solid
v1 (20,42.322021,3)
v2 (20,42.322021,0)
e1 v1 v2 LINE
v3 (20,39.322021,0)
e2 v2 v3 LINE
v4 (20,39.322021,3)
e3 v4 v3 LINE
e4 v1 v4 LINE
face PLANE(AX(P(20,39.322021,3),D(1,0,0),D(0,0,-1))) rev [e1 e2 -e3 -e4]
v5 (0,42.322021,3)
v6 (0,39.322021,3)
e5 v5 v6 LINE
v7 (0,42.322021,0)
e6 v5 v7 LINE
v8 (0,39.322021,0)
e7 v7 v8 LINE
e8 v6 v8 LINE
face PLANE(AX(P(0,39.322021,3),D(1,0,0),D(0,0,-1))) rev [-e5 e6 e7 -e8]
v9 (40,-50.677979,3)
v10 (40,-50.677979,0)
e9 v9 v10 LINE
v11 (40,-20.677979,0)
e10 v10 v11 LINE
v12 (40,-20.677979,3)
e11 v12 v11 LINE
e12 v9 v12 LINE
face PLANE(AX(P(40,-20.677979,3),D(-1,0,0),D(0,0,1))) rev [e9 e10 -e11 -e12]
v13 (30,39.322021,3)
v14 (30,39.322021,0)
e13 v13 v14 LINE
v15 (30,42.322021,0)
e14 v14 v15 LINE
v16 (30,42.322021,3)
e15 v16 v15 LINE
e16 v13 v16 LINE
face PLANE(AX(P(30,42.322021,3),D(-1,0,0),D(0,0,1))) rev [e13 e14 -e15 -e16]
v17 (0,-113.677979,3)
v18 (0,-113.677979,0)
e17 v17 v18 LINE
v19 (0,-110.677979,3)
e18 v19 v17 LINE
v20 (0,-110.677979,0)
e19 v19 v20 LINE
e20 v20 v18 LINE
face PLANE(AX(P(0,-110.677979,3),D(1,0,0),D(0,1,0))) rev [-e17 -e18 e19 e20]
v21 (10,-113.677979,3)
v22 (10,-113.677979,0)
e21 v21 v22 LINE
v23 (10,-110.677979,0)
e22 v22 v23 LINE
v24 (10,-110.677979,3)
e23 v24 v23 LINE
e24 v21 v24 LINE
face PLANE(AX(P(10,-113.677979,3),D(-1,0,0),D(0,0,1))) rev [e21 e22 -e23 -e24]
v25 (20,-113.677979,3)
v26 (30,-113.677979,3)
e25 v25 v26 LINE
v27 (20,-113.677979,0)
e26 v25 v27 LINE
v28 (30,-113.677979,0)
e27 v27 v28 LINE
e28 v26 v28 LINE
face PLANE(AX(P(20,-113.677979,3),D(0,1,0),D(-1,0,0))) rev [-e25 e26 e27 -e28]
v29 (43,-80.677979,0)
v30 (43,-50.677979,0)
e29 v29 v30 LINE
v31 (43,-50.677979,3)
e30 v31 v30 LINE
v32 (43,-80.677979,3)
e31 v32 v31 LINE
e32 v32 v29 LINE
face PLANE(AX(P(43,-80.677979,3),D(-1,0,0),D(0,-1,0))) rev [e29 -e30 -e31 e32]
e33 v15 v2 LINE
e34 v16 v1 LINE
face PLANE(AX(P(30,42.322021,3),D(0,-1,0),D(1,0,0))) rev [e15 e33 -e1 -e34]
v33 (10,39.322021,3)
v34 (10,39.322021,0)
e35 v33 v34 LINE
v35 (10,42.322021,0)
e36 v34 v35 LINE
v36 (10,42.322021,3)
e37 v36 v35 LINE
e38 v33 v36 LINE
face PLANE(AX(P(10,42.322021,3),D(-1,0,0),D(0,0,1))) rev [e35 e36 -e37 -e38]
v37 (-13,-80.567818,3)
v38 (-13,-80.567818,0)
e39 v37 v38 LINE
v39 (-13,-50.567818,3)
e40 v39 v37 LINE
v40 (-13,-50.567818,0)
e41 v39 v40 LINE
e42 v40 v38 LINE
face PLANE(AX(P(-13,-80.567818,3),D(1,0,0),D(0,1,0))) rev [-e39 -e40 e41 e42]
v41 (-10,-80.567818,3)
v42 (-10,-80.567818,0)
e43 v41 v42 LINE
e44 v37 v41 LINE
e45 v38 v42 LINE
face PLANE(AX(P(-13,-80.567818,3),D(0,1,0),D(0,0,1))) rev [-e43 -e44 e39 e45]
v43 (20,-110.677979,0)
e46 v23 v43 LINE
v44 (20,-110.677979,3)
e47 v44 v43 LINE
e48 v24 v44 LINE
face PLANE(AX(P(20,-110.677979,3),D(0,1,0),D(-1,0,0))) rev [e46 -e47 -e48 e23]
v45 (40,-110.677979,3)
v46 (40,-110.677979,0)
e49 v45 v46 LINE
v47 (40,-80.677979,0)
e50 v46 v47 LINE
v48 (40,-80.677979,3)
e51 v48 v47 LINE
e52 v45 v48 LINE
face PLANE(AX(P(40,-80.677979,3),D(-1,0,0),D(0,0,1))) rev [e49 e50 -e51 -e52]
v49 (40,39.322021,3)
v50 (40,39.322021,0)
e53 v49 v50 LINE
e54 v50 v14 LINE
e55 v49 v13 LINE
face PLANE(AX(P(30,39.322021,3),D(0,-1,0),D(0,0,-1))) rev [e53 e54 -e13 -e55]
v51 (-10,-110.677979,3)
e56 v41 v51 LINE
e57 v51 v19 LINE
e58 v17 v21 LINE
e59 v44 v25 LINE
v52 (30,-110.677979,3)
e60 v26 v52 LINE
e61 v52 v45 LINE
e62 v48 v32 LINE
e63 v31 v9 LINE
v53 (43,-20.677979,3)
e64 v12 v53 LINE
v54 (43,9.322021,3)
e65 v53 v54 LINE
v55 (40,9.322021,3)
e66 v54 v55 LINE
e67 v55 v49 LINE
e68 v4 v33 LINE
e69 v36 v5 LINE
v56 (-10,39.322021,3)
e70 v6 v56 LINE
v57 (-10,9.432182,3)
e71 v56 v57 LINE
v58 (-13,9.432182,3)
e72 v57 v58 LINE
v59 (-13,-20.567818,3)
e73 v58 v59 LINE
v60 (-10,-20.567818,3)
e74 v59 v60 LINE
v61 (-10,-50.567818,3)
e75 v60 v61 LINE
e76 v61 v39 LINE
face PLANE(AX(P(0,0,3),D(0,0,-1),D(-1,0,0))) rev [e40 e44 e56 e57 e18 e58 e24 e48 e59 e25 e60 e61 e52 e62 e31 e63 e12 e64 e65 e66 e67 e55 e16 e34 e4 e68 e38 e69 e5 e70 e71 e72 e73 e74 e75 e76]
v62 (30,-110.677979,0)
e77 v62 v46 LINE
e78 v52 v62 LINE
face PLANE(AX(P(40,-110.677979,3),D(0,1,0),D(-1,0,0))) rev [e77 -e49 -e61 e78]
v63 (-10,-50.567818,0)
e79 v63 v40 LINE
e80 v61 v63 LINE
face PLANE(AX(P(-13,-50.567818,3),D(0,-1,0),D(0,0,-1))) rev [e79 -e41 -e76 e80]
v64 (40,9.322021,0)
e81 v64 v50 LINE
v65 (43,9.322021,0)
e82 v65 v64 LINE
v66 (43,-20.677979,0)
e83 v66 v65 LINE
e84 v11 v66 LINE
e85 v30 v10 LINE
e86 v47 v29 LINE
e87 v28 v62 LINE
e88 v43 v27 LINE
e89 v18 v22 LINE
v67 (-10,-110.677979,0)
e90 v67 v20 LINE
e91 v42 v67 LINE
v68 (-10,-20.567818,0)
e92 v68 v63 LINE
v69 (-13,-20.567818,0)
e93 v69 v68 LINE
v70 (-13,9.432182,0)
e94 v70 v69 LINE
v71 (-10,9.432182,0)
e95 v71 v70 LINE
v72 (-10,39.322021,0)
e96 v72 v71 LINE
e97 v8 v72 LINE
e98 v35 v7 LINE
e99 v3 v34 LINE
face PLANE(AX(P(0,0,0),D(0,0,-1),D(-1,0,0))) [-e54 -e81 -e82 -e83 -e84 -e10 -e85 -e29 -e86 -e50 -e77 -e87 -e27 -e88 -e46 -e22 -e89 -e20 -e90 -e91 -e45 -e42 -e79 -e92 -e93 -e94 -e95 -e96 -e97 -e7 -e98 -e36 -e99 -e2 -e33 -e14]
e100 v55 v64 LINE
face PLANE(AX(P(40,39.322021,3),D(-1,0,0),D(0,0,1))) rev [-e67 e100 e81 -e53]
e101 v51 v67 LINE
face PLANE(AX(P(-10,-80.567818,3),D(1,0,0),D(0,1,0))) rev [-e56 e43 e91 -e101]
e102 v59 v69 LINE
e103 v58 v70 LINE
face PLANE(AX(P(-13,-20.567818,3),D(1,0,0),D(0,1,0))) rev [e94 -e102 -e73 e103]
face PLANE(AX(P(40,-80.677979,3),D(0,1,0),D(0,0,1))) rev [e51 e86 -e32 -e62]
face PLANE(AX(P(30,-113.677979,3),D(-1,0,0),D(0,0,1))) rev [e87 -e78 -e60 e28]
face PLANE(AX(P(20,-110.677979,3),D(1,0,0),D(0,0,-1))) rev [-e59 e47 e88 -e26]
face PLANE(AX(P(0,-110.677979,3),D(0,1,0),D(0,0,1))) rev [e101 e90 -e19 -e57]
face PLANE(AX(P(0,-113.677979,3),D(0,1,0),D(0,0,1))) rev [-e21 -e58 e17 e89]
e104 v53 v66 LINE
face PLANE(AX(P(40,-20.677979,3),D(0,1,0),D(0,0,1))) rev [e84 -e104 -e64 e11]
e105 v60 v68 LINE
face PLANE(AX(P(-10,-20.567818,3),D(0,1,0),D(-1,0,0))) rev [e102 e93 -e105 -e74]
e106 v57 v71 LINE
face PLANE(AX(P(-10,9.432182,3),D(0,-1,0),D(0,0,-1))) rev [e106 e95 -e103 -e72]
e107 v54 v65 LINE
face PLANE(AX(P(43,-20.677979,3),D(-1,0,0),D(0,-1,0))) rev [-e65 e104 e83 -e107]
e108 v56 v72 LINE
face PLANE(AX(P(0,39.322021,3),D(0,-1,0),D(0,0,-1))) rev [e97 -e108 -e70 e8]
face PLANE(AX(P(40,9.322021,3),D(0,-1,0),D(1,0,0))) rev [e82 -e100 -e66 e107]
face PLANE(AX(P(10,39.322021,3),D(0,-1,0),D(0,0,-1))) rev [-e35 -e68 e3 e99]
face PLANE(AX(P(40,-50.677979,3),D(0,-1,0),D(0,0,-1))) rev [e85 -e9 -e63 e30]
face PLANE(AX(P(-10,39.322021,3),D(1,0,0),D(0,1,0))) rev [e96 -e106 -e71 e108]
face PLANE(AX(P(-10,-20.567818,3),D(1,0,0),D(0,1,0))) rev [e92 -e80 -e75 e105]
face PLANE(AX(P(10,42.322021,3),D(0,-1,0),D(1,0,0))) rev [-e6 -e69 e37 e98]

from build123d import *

# Parameters (mm, degrees)
RESSALTO_EXTRUS_O1_DEPTH = 3


with BuildPart() as part:
    # Esboço1 → Ressalto-extrusão1 (new body)
    with BuildSketch(Plane.XY):
        Polygon((-10, -20.567818439), (-10, -50.567818439), (-13, -50.567818439), (-13, -80.567818439), (-10, -80.567818439), (-10, -110.677979207), (0, -110.677979207), (0, -113.677979207), (10, -113.677979207), (10, -110.677979207), (20, -110.677979207), (20, -113.677979207), (30, -113.677979207), (30, -110.677979207), (40, -110.677979207), (40, -80.677979207), (43, -80.677979207), (43, -50.677979207), (40, -50.677979207), (40, -20.677979207), (43, -20.677979207), (43, 9.322020793), (40, 9.322020793), (40, 39.322020793), (30, 39.322020793), (30, 42.322020793), (20, 42.322020793), (20, 39.322020793), (10, 39.322020793), (10, 42.322020793), (0, 42.322020793), (0, 39.322020793), (-10, 39.322020793), (-10, 9.432181561), (-13, 9.432181561), (-13, -20.567818439), align=None)
    extrude(amount=RESSALTO_EXTRUS_O1_DEPTH)


solid = part.part
